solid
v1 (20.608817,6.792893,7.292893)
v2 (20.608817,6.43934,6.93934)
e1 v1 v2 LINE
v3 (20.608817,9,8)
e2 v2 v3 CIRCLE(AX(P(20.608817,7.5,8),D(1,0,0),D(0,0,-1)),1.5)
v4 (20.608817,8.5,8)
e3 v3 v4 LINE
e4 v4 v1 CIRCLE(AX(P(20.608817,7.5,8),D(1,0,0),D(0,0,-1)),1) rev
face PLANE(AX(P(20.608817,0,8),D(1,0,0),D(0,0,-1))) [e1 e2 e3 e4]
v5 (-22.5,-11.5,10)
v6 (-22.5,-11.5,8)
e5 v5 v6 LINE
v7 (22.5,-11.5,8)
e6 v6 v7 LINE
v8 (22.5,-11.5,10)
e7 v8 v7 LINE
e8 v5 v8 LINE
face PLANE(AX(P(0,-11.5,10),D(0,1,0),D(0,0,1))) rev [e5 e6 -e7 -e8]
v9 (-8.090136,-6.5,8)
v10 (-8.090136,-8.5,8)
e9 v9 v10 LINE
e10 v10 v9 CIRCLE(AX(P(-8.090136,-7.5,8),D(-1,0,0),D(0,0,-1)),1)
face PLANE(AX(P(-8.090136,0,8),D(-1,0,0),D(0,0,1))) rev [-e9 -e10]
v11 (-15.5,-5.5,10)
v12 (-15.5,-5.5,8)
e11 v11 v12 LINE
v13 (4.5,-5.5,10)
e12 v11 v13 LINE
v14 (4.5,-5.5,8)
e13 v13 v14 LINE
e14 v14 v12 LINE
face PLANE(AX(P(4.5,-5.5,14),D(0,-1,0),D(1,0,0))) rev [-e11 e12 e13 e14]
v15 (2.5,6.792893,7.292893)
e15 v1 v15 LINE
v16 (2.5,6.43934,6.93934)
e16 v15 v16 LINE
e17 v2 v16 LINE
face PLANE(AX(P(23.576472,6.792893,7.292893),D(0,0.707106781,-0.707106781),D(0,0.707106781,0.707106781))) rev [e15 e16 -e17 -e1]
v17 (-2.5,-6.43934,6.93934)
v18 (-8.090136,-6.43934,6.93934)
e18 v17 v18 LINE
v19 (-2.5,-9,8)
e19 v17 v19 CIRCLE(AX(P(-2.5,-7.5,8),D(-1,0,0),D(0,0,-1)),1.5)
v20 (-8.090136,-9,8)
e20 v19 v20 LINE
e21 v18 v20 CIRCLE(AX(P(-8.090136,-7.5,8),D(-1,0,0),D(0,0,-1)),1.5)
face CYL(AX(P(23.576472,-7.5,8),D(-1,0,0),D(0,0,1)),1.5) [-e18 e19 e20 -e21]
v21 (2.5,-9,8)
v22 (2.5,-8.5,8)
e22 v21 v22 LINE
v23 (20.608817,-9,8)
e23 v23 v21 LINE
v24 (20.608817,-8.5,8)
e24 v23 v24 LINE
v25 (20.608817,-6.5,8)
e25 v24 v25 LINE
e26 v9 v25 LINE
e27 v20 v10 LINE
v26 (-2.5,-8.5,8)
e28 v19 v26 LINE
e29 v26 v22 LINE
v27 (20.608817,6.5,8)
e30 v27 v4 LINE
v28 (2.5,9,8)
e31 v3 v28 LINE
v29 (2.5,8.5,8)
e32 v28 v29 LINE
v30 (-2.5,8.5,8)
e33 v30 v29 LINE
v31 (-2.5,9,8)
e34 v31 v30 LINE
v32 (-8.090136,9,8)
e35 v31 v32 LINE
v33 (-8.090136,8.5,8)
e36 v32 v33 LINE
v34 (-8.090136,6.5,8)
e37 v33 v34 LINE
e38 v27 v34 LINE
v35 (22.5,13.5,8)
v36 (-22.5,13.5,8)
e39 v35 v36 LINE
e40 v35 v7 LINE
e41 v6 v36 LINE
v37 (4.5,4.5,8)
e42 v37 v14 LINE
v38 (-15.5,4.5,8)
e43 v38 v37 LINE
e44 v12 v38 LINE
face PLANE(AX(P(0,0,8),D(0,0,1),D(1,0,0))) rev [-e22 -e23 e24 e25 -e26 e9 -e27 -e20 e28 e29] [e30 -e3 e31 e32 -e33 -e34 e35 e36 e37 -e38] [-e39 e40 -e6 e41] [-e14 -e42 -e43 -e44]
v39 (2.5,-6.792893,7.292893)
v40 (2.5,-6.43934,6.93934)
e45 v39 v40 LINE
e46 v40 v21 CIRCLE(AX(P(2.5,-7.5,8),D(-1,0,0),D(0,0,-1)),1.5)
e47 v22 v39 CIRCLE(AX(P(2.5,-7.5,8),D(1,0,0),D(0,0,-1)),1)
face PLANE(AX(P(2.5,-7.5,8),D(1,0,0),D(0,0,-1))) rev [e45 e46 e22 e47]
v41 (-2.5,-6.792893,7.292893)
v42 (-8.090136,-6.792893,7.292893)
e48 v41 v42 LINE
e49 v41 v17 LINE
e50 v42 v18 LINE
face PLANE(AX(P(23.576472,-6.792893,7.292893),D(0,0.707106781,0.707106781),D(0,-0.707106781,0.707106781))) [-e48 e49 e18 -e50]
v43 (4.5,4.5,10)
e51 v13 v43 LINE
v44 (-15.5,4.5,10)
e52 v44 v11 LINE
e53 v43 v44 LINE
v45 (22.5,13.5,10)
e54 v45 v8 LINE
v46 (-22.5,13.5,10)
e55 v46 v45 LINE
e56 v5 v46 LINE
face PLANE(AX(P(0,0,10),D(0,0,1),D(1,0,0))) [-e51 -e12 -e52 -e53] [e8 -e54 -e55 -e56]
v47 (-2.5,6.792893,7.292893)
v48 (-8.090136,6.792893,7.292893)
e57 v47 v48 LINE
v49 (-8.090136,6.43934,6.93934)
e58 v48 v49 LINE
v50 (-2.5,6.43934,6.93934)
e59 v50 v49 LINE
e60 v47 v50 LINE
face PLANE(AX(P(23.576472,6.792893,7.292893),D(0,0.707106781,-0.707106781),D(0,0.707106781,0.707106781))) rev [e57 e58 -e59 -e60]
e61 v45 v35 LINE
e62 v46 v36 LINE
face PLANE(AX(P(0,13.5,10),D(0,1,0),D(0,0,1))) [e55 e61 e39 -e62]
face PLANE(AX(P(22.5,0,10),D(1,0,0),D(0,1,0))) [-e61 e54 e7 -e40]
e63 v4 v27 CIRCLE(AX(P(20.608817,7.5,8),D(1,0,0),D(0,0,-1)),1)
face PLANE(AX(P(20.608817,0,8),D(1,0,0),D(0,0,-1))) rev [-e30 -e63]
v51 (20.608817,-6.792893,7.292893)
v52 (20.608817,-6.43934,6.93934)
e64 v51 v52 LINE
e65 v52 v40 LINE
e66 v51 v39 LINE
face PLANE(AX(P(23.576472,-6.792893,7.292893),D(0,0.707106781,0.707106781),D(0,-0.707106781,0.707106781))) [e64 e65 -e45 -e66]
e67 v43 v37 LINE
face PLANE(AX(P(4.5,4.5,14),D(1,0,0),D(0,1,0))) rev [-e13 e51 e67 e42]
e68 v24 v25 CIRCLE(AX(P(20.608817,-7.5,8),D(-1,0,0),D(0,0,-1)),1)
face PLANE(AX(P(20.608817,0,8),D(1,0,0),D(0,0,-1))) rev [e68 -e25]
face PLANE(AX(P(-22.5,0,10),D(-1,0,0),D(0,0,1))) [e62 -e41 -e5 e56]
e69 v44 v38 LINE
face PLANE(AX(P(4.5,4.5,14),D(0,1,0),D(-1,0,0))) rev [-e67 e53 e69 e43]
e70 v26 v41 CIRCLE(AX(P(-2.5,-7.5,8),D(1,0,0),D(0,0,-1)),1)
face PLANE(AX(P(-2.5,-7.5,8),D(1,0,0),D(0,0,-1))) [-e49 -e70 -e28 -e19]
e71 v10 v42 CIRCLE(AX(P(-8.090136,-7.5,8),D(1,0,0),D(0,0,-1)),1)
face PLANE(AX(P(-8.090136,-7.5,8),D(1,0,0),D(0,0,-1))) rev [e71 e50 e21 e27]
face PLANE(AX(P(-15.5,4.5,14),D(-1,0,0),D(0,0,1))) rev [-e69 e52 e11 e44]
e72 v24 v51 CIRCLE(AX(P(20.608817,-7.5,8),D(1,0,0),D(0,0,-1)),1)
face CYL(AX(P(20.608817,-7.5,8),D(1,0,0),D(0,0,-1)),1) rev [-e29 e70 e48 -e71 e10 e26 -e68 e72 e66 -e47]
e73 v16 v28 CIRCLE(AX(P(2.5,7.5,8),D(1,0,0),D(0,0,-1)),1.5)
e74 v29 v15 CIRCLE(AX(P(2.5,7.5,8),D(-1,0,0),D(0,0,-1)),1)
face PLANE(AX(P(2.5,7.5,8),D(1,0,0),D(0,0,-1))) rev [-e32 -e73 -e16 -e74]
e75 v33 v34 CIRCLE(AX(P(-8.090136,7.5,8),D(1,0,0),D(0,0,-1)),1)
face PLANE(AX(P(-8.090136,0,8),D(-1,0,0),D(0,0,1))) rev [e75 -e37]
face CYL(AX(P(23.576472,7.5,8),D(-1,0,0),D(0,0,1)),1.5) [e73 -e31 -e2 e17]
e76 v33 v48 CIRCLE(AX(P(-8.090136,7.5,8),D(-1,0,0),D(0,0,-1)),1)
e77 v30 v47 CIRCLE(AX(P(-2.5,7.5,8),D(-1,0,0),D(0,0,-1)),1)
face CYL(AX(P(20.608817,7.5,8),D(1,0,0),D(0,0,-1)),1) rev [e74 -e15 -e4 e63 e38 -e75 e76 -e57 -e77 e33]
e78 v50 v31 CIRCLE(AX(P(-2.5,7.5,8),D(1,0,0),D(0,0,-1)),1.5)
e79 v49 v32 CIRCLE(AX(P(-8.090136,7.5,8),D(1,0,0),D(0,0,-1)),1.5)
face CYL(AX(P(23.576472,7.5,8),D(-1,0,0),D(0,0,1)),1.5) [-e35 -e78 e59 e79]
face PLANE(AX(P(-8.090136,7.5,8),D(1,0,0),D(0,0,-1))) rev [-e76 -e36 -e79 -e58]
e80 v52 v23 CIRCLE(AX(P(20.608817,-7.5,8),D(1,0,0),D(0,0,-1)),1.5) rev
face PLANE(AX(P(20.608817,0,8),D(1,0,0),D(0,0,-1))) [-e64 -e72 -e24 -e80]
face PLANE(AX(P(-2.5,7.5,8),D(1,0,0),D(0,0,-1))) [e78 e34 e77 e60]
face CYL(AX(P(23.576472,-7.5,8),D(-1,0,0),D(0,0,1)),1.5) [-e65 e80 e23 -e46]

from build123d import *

# Parameters (mm, degrees)
Y_KSEKLIK_EKSTR_ZYON1_DEPTH = 10
BO_ALTMA1_T                 = -2
IZIM2_W                     = 45
IZIM2_H                     = 25
KES_EKSTR_ZYON1_DEPTH       = 8
IZIM3_W                     = 20
IZIM3_H                     = 10
KES_EKSTR_ZYON2_DEPTH       = 6
Y_KSEKLIK_EKSTR_ZYON2_DEPTH = 28.698952
KES_EKSTR_ZYON3_DEPTH       = 2.5


with BuildPart() as part:
    # Çizim1 → Yükseklik-Ekstrüzyon1 (new body)
    with BuildSketch(Plane.XY):
        Polygon((22.5, 11.5), (22.5, -11.5), (-22.5, -11.5), (-22.5, 11.5), (-22.5, 13.5), (22.5, 13.5), align=None)
    extrude(amount=Y_KSEKLIK_EKSTR_ZYON1_DEPTH)

    # İç Boşaltma1
    bo_altma1_openings = [part.faces().sort_by_distance(p)[0] for p in [
        (0, -11.5, 5),
        (-22.5, 1, 5),
        (22.5, 1, 5),
    ]]
    offset(amount=BO_ALTMA1_T, openings=bo_altma1_openings, kind=Kind.INTERSECTION)

    # Çizim2 → Kes-Ekstrüzyon1 (cut)
    with BuildSketch(Plane.XY):
        with Locations((0, 1)):
            Rectangle(IZIM2_W, IZIM2_H)
    extrude(amount=KES_EKSTR_ZYON1_DEPTH, mode=Mode.SUBTRACT)

    # Çizim3 → Kes-Ekstrüzyon2 (cut)
    with BuildSketch(Plane(origin=(0, 0, 8), x_dir=(-1, 0, 0), z_dir=(0, 0, -1))):
        with Locations((5.5, -0.5)):
            Rectangle(IZIM3_W, IZIM3_H)
    extrude(amount=-KES_EKSTR_ZYON2_DEPTH, mode=Mode.SUBTRACT)

    # Çizim4 → Kes-Döndür1 (revolve, cut)
    with BuildSketch(Plane(origin=(0, 0, 8), x_dir=(-1, 0, 0), z_dir=(0, 0, -1))):
        Polygon((-20.60881654, 7.5), (-20.60881654, 8.5), (-8.5, 8.5), (8.090135665, 8.5), (8.090135665, 7.5), align=None)
    kes_d_nd_r1 = revolve(axis=Axis((20.60881654, 7.5, 8), (-1, 0, 0)), mode=Mode.SUBTRACT)

    # Çizim6 → Yükseklik-Ekstrüzyon2 (add)
    with BuildSketch(Plane(origin=(-8.090135665, 0, 0), x_dir=(0, 0, -1), z_dir=(1, 0, 0))):
        with BuildLine():
            Line((-8, 9), (-8, 8.5))
            ThreePointArc((-8, 8.5), (-7.076120467, 7.882683432), (-7.292893219, 6.792893219))
            Line((-7.292893219, 6.792893219), (-6.939339828, 6.439339828))
            ThreePointArc((-6.939339828, 6.439339828), (-6.614180701, 8.074025149), (-8, 9))
        make_face()
    y_kseklik_ekstr_zyon2 = extrude(amount=Y_KSEKLIK_EKSTR_ZYON2_DEPTH)

    # Çizim8 → Kes-Ekstrüzyon3 (cut, symmetric)
    with BuildSketch(Plane(origin=(0, 0, 0), x_dir=(0, 0, -1), z_dir=(1, 0, 0))):
        with BuildLine():
            Line((-7.292893219, 6.792893219), (-6.939339828, 6.439339828))
            ThreePointArc((-6.939339828, 6.439339828), (-6.614180701, 8.074025149), (-8, 9))
            Line((-8, 9), (-8, 8.5))
            ThreePointArc((-8, 8.5), (-7.076120467, 7.882683432), (-7.292893219, 6.792893219))
        make_face()
    kes_ekstr_zyon3 = extrude(amount=KES_EKSTR_ZYON3_DEPTH, both=True, mode=Mode.SUBTRACT)

    # Aynalama1: Kes-Döndür1, Yükseklik-Ekstrüzyon2, Kes-Ekstrüzyon3 across plane
    add(kes_d_nd_r1.mirror(Plane.ZX), mode=Mode.SUBTRACT)
    add(y_kseklik_ekstr_zyon2.mirror(Plane.ZX))
    add(kes_ekstr_zyon3.mirror(Plane.ZX), mode=Mode.SUBTRACT)


solid = part.part
